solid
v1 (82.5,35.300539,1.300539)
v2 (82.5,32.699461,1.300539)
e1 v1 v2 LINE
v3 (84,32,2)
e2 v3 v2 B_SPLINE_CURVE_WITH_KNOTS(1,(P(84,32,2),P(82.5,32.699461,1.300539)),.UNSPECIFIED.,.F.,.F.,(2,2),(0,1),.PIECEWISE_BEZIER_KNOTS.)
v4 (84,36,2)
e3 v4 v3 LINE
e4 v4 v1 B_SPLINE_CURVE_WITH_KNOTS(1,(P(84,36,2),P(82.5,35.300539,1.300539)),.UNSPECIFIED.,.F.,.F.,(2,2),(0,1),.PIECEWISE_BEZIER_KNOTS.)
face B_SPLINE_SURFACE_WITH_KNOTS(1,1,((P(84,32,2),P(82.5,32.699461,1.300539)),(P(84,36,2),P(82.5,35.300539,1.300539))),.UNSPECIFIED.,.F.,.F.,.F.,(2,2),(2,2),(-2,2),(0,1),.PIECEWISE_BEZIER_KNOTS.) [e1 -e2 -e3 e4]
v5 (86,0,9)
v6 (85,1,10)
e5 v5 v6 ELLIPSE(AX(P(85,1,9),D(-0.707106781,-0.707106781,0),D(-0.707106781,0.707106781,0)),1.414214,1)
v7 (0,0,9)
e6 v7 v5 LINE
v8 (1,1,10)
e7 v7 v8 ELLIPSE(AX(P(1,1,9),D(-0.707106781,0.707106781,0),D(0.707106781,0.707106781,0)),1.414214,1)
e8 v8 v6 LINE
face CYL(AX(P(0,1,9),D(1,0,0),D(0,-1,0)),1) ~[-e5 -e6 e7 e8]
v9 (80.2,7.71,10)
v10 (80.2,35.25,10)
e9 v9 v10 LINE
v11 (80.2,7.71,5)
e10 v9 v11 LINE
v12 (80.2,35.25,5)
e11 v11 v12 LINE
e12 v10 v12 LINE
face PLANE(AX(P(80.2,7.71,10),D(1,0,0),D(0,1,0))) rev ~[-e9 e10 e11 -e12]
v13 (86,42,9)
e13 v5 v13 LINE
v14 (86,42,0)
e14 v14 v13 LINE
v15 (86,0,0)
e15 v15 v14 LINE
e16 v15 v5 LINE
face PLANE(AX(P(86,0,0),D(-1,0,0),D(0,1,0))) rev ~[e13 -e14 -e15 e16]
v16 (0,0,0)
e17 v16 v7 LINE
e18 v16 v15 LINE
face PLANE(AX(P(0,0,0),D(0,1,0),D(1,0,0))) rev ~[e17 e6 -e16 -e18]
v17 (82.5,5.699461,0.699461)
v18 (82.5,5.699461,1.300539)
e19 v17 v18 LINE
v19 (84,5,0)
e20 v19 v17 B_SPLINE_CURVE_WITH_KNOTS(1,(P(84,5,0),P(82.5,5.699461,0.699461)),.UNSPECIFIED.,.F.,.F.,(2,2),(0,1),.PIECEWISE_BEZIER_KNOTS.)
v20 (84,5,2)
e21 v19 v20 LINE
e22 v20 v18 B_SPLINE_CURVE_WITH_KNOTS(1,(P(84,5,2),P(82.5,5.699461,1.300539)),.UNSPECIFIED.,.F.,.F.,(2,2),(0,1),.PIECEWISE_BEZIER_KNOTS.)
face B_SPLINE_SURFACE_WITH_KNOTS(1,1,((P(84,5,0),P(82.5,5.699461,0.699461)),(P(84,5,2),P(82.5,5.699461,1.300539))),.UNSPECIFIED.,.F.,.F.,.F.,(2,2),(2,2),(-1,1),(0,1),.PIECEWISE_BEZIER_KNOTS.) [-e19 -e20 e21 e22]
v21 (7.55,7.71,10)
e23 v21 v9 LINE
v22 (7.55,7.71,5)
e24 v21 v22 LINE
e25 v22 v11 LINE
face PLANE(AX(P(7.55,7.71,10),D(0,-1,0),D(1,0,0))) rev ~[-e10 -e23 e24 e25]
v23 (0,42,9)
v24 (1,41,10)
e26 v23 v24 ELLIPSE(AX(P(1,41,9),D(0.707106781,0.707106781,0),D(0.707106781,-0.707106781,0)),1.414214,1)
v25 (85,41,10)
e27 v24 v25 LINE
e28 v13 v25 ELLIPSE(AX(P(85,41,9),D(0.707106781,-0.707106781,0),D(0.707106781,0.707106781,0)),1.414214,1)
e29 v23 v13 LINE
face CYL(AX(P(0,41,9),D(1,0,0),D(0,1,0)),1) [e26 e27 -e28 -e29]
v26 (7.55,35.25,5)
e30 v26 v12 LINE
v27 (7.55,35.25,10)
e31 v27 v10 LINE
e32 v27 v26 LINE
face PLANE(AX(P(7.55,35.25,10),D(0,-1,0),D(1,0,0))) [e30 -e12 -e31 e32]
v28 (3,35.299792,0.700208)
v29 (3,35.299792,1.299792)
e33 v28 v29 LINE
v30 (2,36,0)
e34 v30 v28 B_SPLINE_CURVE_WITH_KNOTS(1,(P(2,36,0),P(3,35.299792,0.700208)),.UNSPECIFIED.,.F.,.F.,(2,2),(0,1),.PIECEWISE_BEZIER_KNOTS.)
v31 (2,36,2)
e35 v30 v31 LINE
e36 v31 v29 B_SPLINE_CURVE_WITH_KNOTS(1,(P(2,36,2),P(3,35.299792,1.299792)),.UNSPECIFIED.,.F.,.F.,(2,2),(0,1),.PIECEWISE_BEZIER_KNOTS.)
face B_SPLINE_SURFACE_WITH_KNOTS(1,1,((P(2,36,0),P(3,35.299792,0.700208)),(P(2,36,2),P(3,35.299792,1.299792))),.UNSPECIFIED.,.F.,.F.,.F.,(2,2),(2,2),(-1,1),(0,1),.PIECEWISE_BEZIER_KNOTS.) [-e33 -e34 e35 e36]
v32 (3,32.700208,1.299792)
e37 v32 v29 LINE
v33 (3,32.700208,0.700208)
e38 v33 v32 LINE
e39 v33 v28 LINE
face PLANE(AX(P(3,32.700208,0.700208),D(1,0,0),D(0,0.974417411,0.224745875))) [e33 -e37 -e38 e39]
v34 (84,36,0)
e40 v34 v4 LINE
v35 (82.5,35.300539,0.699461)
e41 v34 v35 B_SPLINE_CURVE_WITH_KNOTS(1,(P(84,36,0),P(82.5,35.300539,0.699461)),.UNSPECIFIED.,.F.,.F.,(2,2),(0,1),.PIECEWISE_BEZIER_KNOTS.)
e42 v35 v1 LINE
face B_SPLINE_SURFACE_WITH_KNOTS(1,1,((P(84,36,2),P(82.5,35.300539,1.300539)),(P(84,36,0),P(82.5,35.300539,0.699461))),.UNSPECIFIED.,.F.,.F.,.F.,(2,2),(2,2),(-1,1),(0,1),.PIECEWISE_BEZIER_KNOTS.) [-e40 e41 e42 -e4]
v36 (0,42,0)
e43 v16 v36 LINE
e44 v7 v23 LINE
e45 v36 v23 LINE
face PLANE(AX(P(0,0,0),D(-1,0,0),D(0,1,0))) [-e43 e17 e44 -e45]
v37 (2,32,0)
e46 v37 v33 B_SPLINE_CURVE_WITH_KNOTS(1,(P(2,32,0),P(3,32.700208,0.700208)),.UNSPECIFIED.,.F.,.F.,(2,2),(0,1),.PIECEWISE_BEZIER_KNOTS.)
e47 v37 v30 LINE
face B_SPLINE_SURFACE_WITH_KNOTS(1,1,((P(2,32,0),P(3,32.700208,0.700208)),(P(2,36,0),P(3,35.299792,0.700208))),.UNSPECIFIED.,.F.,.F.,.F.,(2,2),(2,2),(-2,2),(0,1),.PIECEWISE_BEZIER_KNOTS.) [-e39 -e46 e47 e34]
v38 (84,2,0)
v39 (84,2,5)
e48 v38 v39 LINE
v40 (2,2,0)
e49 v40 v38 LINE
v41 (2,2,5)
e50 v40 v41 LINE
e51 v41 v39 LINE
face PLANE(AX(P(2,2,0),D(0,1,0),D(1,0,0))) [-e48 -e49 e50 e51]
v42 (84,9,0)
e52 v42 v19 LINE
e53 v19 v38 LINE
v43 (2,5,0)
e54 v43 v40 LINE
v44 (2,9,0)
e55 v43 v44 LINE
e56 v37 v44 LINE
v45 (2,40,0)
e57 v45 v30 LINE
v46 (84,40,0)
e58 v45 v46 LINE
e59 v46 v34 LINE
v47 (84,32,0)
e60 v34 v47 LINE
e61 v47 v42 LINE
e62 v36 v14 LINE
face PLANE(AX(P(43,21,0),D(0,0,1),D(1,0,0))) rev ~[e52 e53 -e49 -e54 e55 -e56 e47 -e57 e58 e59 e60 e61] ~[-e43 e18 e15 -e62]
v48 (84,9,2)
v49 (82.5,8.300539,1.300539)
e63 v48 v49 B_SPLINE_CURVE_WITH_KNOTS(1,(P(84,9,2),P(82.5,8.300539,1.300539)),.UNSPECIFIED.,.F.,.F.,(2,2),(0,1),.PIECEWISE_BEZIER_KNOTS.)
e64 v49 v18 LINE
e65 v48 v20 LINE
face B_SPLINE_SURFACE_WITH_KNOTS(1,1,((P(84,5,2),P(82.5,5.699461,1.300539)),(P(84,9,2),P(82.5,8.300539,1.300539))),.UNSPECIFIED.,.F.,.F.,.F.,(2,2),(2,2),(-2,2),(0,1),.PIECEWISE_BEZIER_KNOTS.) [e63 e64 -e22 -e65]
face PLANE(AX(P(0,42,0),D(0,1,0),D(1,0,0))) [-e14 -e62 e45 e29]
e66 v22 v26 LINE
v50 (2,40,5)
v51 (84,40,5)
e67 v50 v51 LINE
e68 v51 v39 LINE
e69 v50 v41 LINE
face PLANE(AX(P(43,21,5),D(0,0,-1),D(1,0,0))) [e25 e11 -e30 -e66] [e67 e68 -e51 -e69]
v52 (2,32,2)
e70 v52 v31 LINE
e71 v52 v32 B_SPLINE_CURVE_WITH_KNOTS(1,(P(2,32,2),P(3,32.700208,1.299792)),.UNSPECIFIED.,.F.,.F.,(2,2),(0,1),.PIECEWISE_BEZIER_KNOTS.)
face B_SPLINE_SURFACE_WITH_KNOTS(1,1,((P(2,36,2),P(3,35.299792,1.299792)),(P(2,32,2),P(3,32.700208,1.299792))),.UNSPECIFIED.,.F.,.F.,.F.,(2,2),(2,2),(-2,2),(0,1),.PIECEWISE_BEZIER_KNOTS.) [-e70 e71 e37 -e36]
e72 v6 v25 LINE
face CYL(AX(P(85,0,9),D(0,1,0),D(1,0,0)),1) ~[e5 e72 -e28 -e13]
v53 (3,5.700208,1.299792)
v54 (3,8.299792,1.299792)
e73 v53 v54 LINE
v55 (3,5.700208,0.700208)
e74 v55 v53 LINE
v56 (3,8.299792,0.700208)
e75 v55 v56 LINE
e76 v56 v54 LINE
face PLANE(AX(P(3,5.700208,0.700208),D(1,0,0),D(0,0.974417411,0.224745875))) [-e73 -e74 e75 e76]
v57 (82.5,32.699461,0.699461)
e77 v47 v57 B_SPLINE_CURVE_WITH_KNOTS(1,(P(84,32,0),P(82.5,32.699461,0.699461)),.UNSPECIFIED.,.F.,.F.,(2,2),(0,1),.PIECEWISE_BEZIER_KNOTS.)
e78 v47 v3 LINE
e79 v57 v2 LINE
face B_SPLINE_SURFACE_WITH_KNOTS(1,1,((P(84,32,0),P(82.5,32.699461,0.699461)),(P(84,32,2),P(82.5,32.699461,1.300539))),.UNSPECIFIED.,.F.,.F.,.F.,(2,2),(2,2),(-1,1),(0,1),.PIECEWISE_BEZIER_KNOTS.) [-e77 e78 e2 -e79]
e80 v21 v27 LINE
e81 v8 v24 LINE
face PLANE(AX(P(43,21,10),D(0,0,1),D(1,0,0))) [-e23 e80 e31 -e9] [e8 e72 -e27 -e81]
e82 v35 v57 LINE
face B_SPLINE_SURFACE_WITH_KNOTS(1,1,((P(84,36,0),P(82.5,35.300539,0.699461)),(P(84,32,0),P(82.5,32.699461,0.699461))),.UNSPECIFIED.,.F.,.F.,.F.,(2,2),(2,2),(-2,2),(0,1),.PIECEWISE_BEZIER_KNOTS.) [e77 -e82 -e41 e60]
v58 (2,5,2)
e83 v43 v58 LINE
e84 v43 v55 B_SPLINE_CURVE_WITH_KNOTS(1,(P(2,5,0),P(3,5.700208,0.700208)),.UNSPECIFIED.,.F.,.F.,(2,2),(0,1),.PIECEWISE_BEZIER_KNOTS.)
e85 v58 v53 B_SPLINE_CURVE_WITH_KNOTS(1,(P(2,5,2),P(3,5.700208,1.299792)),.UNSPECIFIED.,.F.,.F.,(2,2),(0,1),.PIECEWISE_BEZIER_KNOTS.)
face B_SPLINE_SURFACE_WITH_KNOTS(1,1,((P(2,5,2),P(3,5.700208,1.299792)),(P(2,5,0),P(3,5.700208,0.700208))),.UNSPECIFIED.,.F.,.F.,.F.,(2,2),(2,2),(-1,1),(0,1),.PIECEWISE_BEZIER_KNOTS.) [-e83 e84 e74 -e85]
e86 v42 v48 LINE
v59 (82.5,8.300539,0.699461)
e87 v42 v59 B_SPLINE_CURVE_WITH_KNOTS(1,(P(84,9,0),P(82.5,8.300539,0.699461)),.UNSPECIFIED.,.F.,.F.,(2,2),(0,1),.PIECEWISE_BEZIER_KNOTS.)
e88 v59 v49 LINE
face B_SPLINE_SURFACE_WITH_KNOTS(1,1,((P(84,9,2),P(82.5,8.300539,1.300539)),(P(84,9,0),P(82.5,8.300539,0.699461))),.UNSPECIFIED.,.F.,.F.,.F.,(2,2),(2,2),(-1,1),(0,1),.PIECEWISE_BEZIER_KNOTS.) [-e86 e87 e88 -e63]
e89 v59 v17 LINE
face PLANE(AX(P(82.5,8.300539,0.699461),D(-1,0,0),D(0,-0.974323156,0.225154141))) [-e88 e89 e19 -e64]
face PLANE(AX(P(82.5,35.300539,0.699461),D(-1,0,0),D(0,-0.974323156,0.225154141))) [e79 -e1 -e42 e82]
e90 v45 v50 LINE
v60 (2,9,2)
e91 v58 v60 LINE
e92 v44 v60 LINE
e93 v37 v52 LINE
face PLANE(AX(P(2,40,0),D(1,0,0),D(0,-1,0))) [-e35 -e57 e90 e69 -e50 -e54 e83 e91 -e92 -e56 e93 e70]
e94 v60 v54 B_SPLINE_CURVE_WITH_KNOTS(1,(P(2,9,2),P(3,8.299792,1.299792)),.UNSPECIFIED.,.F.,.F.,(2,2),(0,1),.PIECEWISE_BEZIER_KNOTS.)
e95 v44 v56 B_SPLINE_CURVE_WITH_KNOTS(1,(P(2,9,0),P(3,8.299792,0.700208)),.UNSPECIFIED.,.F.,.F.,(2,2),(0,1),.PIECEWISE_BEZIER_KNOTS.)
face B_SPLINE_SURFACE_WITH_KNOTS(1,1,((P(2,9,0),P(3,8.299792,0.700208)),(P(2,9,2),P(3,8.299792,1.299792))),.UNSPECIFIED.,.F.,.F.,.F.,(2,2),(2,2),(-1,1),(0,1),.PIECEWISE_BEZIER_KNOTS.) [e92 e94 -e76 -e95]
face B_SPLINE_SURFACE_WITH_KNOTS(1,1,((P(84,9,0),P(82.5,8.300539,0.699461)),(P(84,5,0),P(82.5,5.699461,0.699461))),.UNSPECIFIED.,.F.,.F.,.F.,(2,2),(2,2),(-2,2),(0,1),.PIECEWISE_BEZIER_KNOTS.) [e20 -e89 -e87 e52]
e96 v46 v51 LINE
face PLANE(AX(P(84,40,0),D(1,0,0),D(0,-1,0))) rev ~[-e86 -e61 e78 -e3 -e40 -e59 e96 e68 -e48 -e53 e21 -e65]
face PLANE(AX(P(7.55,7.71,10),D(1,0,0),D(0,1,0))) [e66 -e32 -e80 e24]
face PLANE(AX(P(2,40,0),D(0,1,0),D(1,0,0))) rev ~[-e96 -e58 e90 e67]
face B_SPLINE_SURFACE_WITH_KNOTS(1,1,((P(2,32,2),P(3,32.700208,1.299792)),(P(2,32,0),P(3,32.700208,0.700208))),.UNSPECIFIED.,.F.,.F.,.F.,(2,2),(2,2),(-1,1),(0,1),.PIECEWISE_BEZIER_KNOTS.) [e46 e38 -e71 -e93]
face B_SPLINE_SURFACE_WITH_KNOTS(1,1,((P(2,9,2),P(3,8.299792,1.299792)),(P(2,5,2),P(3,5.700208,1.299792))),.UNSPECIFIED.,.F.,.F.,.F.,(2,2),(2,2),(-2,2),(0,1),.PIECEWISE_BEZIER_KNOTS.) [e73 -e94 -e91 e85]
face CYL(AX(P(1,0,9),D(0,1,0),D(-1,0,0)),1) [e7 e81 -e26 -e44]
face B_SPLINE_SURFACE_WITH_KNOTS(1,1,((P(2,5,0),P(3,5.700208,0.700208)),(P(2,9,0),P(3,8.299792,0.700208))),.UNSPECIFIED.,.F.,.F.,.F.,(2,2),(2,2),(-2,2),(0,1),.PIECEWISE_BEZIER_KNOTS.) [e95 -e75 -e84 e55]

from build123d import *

# Parameters (mm, degrees)
SKETCH_W               = 86
SKETCH_H               = 42
PAD_DEPTH              = 10
FILLET_R               = 1
SKETCH001_W            = 72.65
SKETCH001_H            = 27.54
POCKET_DEPTH           = 10
SKETCH002_W            = 82
SKETCH002_H            = 38
POCKET001_DEPTH        = 5
SKETCH003_W            = 4
SKETCH003_H            = 2
PAD001_DEPTH           = 1.5
PAD001_TAPER           = 25
LINEARPATTERN_COUNT    = 2
LINEARPATTERN_PITCH    = 27
SKETCH004_W            = 4
SKETCH004_H            = 2
PAD002_DEPTH           = 1
PAD002_TAPER           = 35
LINEARPATTERN001_COUNT = 2
LINEARPATTERN001_PITCH = 27


with BuildPart() as part:
    # Sketch → Pad (new body)
    with BuildSketch(Plane.XY):
        with Locations((43, 21)):
            Rectangle(SKETCH_W, SKETCH_H)
    extrude(amount=PAD_DEPTH)

    # Fillet
    fillet_edges = [part.edges().sort_by_distance(p)[0] for p in [
        (43, 42, 10),
        (86, 21, 10),
        (43, 0, 10),
        (0, 21, 10),
    ]]
    fillet(fillet_edges, radius=FILLET_R)

    # Sketch001 (on Face8 of Fillet) → Pocket (cut)
    with BuildSketch(Plane.XY.offset(10)):
        with Locations((43.875, 21.48)):
            Rectangle(SKETCH001_W, SKETCH001_H)
    extrude(amount=-POCKET_DEPTH, mode=Mode.SUBTRACT)

    # Sketch002 (on Face4 of Pocket) → Pocket001 (cut)
    with BuildSketch(Plane(origin=(0, 0, 0), x_dir=(1, 0, 0), z_dir=(0, 0, -1))):
        with Locations((43, -21)):
            Rectangle(SKETCH002_W, SKETCH002_H)
    extrude(amount=-POCKET001_DEPTH, mode=Mode.SUBTRACT)

    # Sketch003 (on Face11 of Pocket001) → Pad001 (join)
    with BuildSketch(Plane(origin=(84, 0, 0), x_dir=(0, -1, 0), z_dir=(-1, 0, 0))):
        with Locations((-7, 1)):
            Rectangle(SKETCH003_W, SKETCH003_H)
    pad001 = extrude(amount=PAD001_DEPTH, taper=PAD001_TAPER)

    # LinearPattern: Pad001 ×2
    with Locations(*[(0, i * LINEARPATTERN_PITCH, 0) for i in range(1, LINEARPATTERN_COUNT)]):
        add(pad001)

    # Sketch004 (on Face15 of LinearPattern) → Pad002 (join)
    with BuildSketch(Plane.YZ.offset(2)):
        with Locations((7, 1)):
            Rectangle(SKETCH004_W, SKETCH004_H)
    pad002 = extrude(amount=PAD002_DEPTH, taper=PAD002_TAPER)

    # LinearPattern001: Pad002 ×2
    with Locations(*[(0, i * LINEARPATTERN001_PITCH, 0) for i in range(1, LINEARPATTERN001_COUNT)]):
        add(pad002)


solid = part.part
